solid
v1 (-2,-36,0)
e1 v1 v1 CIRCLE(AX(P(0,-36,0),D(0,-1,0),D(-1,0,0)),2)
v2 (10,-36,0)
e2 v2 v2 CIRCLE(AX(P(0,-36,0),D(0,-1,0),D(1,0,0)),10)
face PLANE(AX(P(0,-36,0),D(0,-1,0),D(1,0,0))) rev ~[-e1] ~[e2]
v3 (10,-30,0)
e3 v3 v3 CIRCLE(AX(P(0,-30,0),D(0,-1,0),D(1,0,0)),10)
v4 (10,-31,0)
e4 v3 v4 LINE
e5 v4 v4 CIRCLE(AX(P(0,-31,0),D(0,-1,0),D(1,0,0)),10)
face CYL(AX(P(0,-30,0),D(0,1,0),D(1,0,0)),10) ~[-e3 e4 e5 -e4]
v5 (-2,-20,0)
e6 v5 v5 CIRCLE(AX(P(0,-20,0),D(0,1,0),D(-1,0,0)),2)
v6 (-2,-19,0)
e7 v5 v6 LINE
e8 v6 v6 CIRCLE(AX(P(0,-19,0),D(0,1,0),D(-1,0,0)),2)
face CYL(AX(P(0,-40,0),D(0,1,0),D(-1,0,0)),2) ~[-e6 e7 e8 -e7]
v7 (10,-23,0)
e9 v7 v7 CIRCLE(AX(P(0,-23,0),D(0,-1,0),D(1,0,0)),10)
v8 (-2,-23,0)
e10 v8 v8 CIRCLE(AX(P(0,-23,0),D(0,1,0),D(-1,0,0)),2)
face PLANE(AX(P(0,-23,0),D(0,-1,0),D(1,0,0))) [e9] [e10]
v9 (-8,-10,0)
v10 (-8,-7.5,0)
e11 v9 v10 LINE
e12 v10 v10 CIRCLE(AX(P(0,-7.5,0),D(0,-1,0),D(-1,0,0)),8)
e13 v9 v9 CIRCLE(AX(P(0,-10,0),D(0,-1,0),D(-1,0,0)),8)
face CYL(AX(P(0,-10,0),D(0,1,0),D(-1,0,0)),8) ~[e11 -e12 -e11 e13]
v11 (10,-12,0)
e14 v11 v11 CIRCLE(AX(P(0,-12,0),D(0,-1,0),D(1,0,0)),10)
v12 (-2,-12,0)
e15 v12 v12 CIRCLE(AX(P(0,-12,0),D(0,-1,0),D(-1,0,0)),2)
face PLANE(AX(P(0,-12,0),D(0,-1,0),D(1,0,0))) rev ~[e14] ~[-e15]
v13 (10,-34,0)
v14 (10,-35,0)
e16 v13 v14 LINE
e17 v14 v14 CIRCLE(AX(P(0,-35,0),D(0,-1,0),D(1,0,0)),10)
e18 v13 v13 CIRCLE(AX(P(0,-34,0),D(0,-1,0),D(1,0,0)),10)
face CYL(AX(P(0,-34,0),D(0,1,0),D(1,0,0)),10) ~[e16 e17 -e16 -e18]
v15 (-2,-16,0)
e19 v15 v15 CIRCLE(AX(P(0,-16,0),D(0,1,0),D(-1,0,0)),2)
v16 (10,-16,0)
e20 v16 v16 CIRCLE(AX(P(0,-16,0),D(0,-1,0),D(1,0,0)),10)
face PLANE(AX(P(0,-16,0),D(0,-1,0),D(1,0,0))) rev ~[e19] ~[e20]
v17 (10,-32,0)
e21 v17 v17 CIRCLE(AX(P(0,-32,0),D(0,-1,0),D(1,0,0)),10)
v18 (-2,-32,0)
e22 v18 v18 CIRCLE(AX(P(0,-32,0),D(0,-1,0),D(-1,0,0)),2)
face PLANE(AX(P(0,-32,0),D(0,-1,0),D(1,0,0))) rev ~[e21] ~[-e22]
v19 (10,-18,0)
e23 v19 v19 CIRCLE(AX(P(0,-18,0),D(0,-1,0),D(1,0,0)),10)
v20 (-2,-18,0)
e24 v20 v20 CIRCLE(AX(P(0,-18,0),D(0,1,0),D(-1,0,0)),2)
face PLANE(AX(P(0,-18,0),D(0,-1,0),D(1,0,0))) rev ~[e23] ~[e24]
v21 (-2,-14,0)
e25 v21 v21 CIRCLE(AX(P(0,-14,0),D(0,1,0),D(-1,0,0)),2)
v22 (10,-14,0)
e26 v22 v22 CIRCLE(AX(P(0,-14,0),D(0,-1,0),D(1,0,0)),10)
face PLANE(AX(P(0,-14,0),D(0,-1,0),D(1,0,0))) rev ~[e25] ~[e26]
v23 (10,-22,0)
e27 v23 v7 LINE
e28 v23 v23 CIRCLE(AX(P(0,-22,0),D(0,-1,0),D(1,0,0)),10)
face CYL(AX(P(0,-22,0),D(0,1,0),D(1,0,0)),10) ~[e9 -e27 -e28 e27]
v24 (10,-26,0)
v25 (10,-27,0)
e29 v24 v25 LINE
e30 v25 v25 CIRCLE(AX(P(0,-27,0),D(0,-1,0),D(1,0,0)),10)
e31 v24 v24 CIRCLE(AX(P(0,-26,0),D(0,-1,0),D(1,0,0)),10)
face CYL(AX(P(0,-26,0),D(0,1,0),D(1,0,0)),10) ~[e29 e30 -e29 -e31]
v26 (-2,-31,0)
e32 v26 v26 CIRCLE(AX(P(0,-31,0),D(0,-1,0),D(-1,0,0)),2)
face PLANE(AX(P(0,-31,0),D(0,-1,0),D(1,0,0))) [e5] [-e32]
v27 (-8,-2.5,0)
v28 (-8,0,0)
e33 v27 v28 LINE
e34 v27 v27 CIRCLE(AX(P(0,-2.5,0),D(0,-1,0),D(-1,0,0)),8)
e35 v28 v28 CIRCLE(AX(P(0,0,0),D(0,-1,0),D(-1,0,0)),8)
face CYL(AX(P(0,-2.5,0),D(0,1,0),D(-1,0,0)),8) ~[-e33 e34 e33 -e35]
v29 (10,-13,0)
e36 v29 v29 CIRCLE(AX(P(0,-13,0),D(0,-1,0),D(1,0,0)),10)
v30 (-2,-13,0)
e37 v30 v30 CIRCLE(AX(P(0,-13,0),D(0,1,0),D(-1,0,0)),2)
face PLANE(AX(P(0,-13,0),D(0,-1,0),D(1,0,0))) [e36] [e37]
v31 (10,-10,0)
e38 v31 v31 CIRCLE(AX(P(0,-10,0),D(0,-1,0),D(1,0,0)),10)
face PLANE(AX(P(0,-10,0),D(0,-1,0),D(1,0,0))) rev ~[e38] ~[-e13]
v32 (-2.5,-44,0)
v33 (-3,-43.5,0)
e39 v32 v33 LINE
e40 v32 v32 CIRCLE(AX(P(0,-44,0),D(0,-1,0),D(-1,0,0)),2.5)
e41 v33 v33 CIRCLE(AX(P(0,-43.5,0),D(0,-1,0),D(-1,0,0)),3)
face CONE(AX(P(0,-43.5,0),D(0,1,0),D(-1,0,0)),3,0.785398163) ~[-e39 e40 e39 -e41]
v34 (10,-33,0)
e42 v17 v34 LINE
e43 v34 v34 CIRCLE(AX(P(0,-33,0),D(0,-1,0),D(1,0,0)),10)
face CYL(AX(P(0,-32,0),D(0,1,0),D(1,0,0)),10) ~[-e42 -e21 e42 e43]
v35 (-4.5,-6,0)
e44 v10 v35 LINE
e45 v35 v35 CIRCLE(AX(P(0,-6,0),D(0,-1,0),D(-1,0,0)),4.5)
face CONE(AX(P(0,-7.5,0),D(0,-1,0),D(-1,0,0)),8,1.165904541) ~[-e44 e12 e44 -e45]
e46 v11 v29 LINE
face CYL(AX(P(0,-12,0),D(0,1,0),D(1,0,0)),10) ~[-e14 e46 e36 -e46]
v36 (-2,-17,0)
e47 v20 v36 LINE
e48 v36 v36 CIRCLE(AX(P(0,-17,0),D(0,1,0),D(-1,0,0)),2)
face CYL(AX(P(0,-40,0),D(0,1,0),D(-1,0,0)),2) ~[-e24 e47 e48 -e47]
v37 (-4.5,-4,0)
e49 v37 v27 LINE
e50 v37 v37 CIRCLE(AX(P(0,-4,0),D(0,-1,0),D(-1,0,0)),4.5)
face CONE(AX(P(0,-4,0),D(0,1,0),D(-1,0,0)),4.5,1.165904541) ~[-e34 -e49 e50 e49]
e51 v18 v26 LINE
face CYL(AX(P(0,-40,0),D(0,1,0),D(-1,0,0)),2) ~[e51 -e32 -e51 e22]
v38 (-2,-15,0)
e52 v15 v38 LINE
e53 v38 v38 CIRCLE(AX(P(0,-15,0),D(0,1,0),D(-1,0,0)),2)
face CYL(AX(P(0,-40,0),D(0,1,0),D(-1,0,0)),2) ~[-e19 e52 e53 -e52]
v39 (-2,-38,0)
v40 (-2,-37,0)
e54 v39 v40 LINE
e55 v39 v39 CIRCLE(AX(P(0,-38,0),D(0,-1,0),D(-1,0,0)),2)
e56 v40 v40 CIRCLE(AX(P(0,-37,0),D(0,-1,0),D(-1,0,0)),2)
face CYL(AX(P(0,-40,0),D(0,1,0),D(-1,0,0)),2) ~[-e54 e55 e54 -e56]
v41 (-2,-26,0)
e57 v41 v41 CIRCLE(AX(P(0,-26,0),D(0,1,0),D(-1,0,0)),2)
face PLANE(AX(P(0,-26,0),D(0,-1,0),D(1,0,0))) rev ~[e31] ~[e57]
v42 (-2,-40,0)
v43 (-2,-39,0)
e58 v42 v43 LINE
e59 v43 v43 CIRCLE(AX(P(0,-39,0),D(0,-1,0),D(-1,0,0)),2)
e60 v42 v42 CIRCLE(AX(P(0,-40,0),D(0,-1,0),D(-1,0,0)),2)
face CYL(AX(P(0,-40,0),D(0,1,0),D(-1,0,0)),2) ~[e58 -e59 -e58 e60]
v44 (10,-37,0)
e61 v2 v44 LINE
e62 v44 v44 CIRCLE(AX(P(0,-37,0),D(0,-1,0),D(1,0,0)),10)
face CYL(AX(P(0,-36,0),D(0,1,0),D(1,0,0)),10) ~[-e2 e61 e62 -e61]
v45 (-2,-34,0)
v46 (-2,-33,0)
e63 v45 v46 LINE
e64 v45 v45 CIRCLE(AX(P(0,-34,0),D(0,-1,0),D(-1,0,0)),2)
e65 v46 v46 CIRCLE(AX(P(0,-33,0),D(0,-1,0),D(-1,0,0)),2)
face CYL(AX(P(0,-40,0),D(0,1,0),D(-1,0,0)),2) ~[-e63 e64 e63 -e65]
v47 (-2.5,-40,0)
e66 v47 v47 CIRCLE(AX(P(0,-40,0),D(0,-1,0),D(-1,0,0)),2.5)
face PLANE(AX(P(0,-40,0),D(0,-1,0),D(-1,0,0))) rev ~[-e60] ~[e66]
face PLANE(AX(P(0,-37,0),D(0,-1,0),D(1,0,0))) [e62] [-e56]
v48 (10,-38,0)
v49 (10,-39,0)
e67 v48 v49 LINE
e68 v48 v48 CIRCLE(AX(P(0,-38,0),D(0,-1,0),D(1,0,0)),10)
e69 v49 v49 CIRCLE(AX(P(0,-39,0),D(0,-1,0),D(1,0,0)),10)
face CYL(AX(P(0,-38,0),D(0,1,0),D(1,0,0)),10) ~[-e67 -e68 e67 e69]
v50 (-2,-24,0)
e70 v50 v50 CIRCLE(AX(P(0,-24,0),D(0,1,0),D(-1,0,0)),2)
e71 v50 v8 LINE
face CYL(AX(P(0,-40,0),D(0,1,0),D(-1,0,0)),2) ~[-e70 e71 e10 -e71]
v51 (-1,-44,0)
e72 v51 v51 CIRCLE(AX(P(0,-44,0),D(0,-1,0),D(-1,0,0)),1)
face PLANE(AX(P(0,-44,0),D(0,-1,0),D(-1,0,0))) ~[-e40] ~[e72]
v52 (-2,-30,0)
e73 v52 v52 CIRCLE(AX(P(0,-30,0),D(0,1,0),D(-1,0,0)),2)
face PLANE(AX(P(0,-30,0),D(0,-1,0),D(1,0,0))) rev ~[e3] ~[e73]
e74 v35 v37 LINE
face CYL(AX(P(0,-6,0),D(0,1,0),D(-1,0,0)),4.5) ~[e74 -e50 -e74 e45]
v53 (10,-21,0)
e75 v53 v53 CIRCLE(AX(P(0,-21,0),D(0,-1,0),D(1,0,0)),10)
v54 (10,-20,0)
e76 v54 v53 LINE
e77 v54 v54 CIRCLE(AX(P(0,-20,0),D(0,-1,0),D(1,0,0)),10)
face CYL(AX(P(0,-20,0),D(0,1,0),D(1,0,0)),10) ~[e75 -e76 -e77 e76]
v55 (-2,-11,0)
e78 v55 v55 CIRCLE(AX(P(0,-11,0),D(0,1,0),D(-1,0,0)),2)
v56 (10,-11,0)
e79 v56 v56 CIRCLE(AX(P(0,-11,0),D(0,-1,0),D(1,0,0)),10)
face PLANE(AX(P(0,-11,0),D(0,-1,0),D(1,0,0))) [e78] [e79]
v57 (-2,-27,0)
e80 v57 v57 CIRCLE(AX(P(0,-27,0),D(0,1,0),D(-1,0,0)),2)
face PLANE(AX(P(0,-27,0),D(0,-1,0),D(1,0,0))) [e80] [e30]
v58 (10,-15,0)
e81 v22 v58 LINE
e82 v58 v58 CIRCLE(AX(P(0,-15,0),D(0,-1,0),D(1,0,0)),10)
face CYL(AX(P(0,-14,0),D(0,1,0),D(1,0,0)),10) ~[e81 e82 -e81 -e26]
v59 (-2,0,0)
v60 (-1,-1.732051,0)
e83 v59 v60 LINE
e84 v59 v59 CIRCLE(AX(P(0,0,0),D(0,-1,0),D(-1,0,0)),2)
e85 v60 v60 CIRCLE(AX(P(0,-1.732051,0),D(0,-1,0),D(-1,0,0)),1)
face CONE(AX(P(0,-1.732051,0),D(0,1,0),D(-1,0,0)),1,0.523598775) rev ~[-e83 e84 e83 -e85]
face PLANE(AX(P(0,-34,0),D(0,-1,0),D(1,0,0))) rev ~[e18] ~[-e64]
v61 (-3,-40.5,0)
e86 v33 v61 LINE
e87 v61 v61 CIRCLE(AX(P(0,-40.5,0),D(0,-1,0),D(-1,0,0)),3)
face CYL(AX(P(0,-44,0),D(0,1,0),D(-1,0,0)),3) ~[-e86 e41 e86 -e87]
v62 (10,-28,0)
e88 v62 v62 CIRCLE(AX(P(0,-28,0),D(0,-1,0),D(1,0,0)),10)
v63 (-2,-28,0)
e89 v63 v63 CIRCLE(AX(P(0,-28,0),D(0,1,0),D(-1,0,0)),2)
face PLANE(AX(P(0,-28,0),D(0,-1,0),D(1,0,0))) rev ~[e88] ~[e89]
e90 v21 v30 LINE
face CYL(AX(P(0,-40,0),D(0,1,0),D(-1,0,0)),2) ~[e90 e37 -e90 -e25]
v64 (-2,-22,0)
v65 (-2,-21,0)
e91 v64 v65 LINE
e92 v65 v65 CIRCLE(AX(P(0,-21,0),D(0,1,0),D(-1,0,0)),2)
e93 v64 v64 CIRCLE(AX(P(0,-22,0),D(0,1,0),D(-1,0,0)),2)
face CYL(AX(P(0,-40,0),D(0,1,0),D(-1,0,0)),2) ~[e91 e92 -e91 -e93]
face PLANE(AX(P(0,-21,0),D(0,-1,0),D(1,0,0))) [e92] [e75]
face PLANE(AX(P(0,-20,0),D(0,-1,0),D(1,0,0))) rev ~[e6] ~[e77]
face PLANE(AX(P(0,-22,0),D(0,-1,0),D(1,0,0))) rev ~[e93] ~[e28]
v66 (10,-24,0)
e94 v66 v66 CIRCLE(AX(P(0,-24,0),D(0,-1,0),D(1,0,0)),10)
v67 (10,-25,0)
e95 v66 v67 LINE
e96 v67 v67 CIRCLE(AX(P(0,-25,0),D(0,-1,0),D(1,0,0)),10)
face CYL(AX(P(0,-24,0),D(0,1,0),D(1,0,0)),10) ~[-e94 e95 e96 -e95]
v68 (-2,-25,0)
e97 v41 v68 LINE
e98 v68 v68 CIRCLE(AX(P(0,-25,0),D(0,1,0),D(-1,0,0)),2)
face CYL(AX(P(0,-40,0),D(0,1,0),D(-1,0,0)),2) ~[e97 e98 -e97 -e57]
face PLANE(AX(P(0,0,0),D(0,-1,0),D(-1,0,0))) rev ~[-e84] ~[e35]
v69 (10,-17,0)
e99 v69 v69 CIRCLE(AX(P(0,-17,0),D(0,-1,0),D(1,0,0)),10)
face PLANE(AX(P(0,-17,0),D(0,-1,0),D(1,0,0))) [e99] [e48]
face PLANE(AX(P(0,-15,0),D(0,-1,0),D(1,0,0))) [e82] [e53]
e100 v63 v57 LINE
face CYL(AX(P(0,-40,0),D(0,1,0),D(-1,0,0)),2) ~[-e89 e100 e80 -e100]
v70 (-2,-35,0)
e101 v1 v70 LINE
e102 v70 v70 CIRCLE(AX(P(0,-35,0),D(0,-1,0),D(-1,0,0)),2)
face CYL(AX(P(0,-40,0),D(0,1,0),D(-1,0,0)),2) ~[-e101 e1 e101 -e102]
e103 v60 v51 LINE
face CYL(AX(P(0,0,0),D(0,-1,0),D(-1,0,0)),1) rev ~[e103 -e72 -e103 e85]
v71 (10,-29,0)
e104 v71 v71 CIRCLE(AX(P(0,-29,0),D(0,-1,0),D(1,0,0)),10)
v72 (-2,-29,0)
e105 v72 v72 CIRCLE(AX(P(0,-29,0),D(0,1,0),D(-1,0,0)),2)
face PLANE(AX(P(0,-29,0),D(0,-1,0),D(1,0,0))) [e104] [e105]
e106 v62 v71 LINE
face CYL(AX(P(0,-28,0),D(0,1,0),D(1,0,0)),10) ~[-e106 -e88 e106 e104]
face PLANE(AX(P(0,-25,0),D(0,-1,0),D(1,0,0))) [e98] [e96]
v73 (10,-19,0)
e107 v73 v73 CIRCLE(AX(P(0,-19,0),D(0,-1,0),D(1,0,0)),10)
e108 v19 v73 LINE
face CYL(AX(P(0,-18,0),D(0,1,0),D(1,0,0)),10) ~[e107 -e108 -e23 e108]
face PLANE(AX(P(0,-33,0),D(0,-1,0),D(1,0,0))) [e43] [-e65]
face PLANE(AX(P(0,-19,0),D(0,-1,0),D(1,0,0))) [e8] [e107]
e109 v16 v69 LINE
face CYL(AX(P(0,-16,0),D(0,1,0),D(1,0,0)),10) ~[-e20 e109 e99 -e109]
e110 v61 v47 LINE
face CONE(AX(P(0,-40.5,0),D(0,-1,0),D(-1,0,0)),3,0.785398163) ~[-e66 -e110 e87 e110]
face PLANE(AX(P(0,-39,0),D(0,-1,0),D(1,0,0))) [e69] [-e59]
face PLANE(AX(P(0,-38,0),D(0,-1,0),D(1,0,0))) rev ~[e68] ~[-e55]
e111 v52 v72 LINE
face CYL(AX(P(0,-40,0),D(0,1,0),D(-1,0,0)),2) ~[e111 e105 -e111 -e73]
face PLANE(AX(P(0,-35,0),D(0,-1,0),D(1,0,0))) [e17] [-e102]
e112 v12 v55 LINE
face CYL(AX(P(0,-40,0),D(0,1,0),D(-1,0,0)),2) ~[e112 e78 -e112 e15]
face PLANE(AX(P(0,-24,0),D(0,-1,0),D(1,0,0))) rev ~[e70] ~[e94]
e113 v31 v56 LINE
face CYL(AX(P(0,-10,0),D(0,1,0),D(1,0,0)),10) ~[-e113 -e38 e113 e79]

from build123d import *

# Parameters (mm, degrees)
ESQUISSE3_R                = 10
ESQUISSE3_R_2              = 2
BOSS_EXTRU_1_DEPTH         = 1
R_P_TITION_LIN_AIRE1_COUNT = 15
R_P_TITION_LIN_AIRE1_PITCH = 2
CHANFREIN1_SIZE            = 1
CHANFREIN1_SIZE2           = 1.732050808
CHANFREIN3_SIZE            = 0.5


with BuildPart() as part:
    # Esquisse2 → Révolution1 (revolve)
    with BuildSketch(Plane.XY):
        Polygon((-1, 0), (-1, -44), (-3, -44), (-3, -40), (-2, -40), (-2, -10), (-8, -10), (-8, -7.5), (-4.5, -6), (-4.5, -4), (-8, -2.5), (-8, 0), align=None)
    revolve(axis=Axis((0, 9.191211929, 0), (0, -1, 0)))

    # Esquisse3 → Boss.-Extru.1 (add)
    with BuildSketch(Plane.XZ.offset(10)):
        Circle(ESQUISSE3_R)
        Circle(ESQUISSE3_R_2, mode=Mode.SUBTRACT)
    boss_extru_1 = extrude(amount=BOSS_EXTRU_1_DEPTH)

    # Répétition linéaire1: Boss.-Extru.1 ×15
    with Locations(*[(0, -i * R_P_TITION_LIN_AIRE1_PITCH, 0) for i in range(1, R_P_TITION_LIN_AIRE1_COUNT)]):
        add(boss_extru_1)

    # Chanfrein1
    chanfrein1_edges = [part.edges().sort_by_distance(p)[0] for p in [
        (1, 0, 0),
    ]]
    chanfrein1_side = [part.faces().sort_by_distance(p)[0] for p in [
        (7.77372583, 0, 0),
    ]]
    chamfer(chanfrein1_edges, length=CHANFREIN1_SIZE, length2=CHANFREIN1_SIZE2, reference=chanfrein1_side[0])

    # Chanfrein3
    chanfrein3_edges = [part.edges().sort_by_distance(p)[0] for p in [
        (3, -40, 0),
        (3, -44, 0),
    ]]
    chamfer(chanfrein3_edges, length=CHANFREIN3_SIZE)


solid = part.part
